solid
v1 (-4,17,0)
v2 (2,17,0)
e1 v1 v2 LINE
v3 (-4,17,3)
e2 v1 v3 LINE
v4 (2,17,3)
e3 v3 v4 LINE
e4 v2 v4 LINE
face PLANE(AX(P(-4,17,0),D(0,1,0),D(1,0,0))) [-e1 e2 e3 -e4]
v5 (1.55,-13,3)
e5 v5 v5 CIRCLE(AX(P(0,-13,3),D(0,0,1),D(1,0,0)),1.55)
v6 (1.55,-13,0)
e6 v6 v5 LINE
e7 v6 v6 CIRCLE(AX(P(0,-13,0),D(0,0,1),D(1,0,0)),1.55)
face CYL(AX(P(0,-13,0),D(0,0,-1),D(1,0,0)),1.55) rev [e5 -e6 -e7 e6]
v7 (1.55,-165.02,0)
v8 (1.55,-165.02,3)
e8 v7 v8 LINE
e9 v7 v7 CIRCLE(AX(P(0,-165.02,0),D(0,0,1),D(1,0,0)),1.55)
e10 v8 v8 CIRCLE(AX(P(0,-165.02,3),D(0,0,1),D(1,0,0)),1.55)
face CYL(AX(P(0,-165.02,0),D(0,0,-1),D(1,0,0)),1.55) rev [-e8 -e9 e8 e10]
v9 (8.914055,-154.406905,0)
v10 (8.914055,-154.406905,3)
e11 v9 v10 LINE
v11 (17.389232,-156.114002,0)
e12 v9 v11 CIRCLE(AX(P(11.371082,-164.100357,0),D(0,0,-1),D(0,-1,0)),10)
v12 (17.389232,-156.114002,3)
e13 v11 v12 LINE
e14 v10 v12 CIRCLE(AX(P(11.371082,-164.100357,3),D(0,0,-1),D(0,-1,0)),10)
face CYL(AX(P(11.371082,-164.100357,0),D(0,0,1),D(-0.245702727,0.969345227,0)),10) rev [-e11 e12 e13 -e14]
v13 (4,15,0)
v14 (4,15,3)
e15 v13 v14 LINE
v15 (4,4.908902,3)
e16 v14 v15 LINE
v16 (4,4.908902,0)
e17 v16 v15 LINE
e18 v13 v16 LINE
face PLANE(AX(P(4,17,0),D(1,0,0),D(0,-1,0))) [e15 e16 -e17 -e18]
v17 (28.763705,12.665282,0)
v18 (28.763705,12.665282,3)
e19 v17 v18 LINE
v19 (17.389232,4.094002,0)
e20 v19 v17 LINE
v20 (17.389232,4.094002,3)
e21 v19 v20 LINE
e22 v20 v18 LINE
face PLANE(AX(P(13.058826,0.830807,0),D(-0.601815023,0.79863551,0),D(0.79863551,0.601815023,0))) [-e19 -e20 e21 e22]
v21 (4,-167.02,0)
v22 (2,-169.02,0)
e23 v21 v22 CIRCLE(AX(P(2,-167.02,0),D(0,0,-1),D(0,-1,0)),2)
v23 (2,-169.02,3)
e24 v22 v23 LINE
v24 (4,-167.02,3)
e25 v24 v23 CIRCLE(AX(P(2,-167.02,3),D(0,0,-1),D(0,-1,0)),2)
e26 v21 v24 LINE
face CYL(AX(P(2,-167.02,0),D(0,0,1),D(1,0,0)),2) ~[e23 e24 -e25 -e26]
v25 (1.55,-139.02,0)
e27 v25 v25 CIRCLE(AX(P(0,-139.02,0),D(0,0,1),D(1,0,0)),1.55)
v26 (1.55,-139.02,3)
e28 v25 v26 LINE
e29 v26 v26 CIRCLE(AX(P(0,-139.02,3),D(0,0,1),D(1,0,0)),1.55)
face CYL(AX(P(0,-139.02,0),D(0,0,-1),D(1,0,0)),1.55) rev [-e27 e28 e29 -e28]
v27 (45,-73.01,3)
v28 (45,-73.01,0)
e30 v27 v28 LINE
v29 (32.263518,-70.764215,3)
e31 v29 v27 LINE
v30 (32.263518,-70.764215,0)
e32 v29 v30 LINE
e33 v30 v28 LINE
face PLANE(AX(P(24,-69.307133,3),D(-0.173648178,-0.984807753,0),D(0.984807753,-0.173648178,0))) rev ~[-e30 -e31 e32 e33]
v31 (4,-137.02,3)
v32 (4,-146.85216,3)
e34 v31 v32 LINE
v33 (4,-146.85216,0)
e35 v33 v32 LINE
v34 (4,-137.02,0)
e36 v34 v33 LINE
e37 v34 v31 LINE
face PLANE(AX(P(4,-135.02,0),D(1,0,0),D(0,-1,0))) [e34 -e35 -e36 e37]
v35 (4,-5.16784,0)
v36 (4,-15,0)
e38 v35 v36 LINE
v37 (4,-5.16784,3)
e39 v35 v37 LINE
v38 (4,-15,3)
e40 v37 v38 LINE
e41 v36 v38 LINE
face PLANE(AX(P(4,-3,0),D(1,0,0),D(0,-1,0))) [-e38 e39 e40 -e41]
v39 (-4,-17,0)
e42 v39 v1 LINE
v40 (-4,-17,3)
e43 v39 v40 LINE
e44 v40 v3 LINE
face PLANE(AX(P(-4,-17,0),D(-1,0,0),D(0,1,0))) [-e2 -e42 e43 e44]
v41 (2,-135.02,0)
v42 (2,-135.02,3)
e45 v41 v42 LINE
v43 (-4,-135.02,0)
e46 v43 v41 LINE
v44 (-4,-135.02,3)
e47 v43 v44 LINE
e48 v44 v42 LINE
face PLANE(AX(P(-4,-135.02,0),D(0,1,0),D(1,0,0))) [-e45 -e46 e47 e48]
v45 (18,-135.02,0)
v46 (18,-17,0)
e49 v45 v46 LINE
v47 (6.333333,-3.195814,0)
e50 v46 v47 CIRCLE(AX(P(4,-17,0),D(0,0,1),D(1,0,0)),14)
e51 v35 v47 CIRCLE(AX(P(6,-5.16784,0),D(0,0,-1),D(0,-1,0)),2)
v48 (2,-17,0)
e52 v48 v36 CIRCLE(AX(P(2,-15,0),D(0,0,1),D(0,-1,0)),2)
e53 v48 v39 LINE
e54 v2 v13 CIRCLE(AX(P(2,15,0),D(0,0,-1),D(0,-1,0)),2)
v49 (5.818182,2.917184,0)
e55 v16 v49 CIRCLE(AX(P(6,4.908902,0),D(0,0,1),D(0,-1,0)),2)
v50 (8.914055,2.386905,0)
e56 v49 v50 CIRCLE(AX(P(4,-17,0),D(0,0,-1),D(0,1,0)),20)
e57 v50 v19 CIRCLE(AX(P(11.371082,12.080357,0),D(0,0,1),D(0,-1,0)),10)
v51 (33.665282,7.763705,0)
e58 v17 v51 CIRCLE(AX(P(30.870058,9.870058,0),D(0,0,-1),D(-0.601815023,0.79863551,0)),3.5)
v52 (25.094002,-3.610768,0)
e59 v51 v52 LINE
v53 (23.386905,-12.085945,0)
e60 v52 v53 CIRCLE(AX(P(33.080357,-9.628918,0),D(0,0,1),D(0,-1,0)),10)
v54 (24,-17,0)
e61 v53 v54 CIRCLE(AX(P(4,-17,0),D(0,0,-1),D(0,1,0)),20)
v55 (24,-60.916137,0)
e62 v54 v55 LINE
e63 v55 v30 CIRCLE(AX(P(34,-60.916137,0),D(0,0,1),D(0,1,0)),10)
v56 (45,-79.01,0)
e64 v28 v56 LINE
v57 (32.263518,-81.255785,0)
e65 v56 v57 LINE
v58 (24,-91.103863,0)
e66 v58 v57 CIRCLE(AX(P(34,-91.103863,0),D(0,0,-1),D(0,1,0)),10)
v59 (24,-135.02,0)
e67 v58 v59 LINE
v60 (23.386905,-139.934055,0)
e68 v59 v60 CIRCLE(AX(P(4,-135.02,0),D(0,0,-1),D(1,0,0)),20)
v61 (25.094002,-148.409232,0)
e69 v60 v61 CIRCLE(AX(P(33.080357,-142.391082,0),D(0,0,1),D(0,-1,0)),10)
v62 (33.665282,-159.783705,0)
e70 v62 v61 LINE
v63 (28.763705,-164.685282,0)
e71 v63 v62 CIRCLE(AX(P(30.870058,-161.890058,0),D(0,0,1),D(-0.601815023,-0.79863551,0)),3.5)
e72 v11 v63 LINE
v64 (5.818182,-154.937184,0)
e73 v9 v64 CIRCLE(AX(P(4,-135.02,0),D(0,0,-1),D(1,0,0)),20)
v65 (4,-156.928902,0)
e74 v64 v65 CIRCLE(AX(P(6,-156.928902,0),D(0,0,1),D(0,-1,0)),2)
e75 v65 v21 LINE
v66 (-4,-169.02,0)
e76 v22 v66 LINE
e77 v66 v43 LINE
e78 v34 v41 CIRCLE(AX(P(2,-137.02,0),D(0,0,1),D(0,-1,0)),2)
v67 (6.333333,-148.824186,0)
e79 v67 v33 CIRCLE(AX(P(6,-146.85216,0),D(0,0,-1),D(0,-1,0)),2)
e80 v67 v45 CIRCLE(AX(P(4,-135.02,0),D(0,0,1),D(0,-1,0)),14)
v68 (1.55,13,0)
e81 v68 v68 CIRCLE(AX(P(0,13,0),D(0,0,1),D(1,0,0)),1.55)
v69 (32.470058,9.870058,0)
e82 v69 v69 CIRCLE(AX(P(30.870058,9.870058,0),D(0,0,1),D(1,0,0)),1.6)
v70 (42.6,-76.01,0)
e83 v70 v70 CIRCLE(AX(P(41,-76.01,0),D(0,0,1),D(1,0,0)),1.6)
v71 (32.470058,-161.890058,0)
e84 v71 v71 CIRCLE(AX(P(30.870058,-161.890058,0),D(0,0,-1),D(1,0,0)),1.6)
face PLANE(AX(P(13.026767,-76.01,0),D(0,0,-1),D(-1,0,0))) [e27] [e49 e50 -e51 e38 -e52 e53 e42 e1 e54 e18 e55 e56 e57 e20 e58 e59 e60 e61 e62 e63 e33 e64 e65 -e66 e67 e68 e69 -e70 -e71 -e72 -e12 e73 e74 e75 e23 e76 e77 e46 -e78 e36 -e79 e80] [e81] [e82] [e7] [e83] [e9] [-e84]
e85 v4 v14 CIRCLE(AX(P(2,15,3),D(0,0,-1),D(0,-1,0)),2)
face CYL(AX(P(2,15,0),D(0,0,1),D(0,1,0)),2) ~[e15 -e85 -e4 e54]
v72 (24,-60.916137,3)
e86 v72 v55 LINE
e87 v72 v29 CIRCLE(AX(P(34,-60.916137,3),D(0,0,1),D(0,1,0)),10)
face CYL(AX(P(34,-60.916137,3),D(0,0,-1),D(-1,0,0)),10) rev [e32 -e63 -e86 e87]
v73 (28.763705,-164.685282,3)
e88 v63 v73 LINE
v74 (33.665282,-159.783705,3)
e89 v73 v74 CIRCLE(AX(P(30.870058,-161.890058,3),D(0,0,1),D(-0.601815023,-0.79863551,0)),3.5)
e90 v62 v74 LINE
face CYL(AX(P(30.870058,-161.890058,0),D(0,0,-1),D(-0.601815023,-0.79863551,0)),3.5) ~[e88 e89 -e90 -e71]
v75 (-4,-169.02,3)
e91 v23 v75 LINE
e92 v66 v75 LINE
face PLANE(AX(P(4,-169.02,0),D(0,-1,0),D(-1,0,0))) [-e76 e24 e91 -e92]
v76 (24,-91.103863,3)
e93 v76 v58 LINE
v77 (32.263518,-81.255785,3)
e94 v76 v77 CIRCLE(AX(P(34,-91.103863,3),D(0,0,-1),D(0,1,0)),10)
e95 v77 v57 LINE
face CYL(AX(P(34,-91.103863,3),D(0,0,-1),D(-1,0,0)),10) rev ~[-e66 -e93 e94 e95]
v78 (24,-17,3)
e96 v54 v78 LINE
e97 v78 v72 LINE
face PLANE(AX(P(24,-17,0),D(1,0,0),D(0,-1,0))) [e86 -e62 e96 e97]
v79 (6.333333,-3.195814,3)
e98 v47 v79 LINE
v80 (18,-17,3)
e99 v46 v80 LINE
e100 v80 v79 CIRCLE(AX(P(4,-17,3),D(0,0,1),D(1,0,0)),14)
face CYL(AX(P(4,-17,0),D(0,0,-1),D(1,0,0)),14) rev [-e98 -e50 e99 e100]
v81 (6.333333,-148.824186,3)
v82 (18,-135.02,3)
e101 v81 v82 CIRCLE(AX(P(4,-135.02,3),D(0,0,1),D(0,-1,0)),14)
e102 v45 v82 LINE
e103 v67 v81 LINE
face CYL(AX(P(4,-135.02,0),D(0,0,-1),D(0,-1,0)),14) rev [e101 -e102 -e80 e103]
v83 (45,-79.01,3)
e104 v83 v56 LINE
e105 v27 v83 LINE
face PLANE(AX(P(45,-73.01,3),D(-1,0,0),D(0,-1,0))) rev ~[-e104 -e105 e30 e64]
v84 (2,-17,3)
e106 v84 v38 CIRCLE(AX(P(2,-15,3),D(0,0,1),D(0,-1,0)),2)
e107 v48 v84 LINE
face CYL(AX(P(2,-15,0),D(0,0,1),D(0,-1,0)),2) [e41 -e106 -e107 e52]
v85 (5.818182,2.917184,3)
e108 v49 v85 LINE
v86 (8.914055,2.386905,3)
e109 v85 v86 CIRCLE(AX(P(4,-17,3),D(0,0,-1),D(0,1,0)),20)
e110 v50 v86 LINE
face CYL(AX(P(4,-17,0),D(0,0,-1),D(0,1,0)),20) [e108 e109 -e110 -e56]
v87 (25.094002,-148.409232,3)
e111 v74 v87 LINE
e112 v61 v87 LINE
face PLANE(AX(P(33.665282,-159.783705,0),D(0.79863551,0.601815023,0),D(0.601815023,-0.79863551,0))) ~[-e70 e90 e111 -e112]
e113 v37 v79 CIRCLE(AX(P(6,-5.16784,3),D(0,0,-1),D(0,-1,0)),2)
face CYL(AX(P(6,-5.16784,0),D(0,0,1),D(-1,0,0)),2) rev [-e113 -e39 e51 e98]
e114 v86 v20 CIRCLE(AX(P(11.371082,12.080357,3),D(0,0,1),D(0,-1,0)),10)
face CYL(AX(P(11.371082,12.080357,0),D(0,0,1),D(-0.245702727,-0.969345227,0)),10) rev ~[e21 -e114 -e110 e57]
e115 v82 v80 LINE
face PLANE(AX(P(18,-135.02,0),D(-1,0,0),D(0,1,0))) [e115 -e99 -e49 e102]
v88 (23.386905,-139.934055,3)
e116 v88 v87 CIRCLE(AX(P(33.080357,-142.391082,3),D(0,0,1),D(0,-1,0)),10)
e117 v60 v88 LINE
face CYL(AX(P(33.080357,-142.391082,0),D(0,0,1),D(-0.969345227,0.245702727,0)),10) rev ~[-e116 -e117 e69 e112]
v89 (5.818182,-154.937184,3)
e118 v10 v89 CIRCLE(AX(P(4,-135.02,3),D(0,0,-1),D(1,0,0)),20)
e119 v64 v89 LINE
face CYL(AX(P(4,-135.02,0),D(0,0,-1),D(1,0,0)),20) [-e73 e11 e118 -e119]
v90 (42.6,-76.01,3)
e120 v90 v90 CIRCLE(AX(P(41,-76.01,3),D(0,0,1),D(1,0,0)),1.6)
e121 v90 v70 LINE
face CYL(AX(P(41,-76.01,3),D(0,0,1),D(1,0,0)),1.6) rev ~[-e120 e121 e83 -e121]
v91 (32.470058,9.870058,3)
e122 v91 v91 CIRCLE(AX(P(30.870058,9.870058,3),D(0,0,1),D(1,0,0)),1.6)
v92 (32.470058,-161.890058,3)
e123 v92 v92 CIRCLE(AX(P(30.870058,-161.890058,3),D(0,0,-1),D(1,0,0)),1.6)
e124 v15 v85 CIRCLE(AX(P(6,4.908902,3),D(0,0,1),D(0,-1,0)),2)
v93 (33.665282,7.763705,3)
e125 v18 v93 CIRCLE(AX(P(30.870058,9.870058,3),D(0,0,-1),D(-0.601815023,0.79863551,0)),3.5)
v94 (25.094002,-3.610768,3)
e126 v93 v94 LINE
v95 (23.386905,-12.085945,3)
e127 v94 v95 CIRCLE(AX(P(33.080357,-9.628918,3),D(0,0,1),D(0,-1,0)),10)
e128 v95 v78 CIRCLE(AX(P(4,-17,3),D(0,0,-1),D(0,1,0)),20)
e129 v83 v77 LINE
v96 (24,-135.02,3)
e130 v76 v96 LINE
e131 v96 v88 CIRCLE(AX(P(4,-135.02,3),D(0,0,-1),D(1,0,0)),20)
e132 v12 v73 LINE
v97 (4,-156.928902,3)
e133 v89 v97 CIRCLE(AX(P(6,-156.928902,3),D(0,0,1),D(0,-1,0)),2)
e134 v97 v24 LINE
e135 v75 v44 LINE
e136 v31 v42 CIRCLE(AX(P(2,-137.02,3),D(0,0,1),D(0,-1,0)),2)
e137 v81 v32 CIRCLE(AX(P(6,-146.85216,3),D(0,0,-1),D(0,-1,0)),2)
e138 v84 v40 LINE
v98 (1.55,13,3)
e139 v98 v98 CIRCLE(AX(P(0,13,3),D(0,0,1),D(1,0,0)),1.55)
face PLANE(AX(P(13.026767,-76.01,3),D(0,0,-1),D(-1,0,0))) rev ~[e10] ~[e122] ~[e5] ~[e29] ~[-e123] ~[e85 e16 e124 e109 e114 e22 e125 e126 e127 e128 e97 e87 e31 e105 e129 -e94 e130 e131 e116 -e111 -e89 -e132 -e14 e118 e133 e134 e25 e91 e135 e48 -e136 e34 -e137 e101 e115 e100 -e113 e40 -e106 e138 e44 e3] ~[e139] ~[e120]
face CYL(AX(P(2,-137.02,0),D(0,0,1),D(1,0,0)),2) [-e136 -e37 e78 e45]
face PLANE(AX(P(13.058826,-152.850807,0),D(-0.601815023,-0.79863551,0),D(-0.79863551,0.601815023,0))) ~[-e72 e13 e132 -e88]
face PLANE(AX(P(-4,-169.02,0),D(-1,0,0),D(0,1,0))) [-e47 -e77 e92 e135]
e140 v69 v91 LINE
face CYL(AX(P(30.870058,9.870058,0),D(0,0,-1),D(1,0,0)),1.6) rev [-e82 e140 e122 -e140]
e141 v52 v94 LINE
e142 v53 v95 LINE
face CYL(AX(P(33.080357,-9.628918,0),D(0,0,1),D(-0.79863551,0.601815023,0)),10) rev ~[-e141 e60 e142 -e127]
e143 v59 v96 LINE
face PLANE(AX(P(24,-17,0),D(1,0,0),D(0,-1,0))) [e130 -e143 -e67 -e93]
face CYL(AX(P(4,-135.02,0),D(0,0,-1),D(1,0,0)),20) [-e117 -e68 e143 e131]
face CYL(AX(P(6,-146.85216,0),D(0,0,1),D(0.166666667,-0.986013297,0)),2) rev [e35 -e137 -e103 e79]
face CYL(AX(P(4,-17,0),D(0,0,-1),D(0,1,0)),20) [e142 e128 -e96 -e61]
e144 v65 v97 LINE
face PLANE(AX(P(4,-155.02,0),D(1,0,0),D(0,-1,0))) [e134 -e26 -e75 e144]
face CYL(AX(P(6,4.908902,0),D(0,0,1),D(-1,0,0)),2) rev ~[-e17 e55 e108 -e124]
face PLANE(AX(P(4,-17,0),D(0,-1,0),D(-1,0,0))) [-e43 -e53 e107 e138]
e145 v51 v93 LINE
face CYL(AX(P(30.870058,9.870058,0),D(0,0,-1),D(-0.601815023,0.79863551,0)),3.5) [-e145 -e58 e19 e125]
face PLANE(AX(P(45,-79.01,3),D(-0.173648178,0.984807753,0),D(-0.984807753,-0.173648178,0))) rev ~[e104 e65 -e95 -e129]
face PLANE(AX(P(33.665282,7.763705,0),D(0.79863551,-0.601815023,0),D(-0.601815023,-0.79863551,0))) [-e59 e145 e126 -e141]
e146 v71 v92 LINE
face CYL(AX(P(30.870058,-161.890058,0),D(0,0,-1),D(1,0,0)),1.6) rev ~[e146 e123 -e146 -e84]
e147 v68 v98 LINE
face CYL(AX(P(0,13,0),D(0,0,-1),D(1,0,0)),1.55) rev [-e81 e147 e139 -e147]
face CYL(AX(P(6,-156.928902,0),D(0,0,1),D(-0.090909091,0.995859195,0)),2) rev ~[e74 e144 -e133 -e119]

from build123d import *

# Parameters (mm, degrees)
SKETCH_1_R      = 1.55
EXTRUDE_1_DEPTH = 3
FILLET_1_R      = 2
SKETCH_2_R      = 1.6
EXTRUDE_2_DEPTH = 3
FILLET_2_R      = 10
SKETCH_4_R      = 1.6
EXTRUDE_3_DEPTH = 3
FILLET_3_R      = 10


with BuildPart() as part:
    # 草图1 → 凸台-拉伸1 (new body)
    with BuildSketch(Plane.XY):
        with BuildLine():
            Line((4, -17), (-4, -17))
            Line((-4, -17), (-4, 17))
            Line((-4, 17), (4, 17))
            Line((4, 17), (4, 3))
            ThreePointArc((4, 3), (18.142135624, -2.857864376), (24, -17))
            Line((24, -17), (24, -135.02))
            ThreePointArc((24, -135.02), (18.142135624, -149.162135624), (4, -155.02))
            Line((4, -155.02), (4, -169.02))
            Line((4, -169.02), (-4, -169.02))
            Line((-4, -169.02), (-4, -135.02))
            Line((-4, -135.02), (4, -135.02))
            Line((4, -135.02), (4, -149.02))
            ThreePointArc((4, -149.02), (13.899494937, -144.919494937), (18, -135.02))
            Line((18, -135.02), (18, -17))
            ThreePointArc((18, -17), (13.899494937, -7.100505063), (4, -3))
            Line((4, -3), (4, -17))
        make_face()
        with Locations((0, 13)):
            Circle(SKETCH_1_R, mode=Mode.SUBTRACT)
        with Locations((0, -13)):
            Circle(SKETCH_1_R, mode=Mode.SUBTRACT)
        with Locations((0, -139.02)):
            Circle(SKETCH_1_R, mode=Mode.SUBTRACT)
        with Locations((0, -165.02)):
            Circle(SKETCH_1_R, mode=Mode.SUBTRACT)
    extrude(amount=EXTRUDE_1_DEPTH)

    # 圆角1
    fillet_1_edges = [part.edges().sort_by_distance(p)[0] for p in [
        (4, -3, 1.5),
        (4, -17, 1.5),
        (4, 17, 1.5),
        (4, 3, 1.5),
        (4, -155.02, 1.5),
        (4, -169.02, 1.5),
        (4, -135.02, 1.5),
        (4, -149.02, 1.5),
    ]]
    fillet(fillet_1_edges, radius=FILLET_1_R)

    # 草图2 → 凸台-拉伸2 (add)
    with BuildSketch(Plane.XY):
        with BuildLine():
            Line((13.058826075, 0.830806772), (28.763705104, 12.66528197))
            ThreePointArc((28.763705104, 12.66528197), (33.344931419, 12.344931419), (33.66528197, 7.763705104))
            Line((33.66528197, 7.763705104), (21.830806772, -7.941173925))
            ThreePointArc((21.830806772, -7.941173925), (18.142135624, -2.857864376), (13.058826075, 0.830806772))
        make_face()
        with Locations((30.870057685, 9.870057685)):
            Circle(SKETCH_2_R, mode=Mode.SUBTRACT)
    extrude_2 = extrude(amount=EXTRUDE_2_DEPTH)

    # 镜向5: 凸台-拉伸2 across plane
    add(extrude_2.mirror(Plane.ZX.offset(-76.01)))

    # 圆角2
    fillet_2_edges = [part.edges().sort_by_distance(p)[0] for p in [
        (21.830806772, -7.941173925, 1.5),
        (13.058826075, 0.830806772, 1.5),
        (21.830806772, -144.078826075, 1.5),
        (13.058826075, -152.850806772, 1.5),
    ]]
    fillet(fillet_2_edges, radius=FILLET_2_R)

    # 草图4 → 凸台-拉伸3 (add)
    with BuildSketch(Plane.XY.offset(3)):
        Polygon((24, -69.307133405), (45, -73.01), (45, -79.01), (24, -82.712866595), align=None)
        with Locations((41, -76.01)):
            Circle(SKETCH_4_R, mode=Mode.SUBTRACT)
    extrude(amount=-EXTRUDE_3_DEPTH)

    # 圆角3
    fillet_3_edges = [part.edges().sort_by_distance(p)[0] for p in [
        (24, -69.307133405, 1.5),
        (24, -82.712866595, 1.5),
    ]]
    fillet(fillet_3_edges, radius=FILLET_3_R)


solid = part.part
